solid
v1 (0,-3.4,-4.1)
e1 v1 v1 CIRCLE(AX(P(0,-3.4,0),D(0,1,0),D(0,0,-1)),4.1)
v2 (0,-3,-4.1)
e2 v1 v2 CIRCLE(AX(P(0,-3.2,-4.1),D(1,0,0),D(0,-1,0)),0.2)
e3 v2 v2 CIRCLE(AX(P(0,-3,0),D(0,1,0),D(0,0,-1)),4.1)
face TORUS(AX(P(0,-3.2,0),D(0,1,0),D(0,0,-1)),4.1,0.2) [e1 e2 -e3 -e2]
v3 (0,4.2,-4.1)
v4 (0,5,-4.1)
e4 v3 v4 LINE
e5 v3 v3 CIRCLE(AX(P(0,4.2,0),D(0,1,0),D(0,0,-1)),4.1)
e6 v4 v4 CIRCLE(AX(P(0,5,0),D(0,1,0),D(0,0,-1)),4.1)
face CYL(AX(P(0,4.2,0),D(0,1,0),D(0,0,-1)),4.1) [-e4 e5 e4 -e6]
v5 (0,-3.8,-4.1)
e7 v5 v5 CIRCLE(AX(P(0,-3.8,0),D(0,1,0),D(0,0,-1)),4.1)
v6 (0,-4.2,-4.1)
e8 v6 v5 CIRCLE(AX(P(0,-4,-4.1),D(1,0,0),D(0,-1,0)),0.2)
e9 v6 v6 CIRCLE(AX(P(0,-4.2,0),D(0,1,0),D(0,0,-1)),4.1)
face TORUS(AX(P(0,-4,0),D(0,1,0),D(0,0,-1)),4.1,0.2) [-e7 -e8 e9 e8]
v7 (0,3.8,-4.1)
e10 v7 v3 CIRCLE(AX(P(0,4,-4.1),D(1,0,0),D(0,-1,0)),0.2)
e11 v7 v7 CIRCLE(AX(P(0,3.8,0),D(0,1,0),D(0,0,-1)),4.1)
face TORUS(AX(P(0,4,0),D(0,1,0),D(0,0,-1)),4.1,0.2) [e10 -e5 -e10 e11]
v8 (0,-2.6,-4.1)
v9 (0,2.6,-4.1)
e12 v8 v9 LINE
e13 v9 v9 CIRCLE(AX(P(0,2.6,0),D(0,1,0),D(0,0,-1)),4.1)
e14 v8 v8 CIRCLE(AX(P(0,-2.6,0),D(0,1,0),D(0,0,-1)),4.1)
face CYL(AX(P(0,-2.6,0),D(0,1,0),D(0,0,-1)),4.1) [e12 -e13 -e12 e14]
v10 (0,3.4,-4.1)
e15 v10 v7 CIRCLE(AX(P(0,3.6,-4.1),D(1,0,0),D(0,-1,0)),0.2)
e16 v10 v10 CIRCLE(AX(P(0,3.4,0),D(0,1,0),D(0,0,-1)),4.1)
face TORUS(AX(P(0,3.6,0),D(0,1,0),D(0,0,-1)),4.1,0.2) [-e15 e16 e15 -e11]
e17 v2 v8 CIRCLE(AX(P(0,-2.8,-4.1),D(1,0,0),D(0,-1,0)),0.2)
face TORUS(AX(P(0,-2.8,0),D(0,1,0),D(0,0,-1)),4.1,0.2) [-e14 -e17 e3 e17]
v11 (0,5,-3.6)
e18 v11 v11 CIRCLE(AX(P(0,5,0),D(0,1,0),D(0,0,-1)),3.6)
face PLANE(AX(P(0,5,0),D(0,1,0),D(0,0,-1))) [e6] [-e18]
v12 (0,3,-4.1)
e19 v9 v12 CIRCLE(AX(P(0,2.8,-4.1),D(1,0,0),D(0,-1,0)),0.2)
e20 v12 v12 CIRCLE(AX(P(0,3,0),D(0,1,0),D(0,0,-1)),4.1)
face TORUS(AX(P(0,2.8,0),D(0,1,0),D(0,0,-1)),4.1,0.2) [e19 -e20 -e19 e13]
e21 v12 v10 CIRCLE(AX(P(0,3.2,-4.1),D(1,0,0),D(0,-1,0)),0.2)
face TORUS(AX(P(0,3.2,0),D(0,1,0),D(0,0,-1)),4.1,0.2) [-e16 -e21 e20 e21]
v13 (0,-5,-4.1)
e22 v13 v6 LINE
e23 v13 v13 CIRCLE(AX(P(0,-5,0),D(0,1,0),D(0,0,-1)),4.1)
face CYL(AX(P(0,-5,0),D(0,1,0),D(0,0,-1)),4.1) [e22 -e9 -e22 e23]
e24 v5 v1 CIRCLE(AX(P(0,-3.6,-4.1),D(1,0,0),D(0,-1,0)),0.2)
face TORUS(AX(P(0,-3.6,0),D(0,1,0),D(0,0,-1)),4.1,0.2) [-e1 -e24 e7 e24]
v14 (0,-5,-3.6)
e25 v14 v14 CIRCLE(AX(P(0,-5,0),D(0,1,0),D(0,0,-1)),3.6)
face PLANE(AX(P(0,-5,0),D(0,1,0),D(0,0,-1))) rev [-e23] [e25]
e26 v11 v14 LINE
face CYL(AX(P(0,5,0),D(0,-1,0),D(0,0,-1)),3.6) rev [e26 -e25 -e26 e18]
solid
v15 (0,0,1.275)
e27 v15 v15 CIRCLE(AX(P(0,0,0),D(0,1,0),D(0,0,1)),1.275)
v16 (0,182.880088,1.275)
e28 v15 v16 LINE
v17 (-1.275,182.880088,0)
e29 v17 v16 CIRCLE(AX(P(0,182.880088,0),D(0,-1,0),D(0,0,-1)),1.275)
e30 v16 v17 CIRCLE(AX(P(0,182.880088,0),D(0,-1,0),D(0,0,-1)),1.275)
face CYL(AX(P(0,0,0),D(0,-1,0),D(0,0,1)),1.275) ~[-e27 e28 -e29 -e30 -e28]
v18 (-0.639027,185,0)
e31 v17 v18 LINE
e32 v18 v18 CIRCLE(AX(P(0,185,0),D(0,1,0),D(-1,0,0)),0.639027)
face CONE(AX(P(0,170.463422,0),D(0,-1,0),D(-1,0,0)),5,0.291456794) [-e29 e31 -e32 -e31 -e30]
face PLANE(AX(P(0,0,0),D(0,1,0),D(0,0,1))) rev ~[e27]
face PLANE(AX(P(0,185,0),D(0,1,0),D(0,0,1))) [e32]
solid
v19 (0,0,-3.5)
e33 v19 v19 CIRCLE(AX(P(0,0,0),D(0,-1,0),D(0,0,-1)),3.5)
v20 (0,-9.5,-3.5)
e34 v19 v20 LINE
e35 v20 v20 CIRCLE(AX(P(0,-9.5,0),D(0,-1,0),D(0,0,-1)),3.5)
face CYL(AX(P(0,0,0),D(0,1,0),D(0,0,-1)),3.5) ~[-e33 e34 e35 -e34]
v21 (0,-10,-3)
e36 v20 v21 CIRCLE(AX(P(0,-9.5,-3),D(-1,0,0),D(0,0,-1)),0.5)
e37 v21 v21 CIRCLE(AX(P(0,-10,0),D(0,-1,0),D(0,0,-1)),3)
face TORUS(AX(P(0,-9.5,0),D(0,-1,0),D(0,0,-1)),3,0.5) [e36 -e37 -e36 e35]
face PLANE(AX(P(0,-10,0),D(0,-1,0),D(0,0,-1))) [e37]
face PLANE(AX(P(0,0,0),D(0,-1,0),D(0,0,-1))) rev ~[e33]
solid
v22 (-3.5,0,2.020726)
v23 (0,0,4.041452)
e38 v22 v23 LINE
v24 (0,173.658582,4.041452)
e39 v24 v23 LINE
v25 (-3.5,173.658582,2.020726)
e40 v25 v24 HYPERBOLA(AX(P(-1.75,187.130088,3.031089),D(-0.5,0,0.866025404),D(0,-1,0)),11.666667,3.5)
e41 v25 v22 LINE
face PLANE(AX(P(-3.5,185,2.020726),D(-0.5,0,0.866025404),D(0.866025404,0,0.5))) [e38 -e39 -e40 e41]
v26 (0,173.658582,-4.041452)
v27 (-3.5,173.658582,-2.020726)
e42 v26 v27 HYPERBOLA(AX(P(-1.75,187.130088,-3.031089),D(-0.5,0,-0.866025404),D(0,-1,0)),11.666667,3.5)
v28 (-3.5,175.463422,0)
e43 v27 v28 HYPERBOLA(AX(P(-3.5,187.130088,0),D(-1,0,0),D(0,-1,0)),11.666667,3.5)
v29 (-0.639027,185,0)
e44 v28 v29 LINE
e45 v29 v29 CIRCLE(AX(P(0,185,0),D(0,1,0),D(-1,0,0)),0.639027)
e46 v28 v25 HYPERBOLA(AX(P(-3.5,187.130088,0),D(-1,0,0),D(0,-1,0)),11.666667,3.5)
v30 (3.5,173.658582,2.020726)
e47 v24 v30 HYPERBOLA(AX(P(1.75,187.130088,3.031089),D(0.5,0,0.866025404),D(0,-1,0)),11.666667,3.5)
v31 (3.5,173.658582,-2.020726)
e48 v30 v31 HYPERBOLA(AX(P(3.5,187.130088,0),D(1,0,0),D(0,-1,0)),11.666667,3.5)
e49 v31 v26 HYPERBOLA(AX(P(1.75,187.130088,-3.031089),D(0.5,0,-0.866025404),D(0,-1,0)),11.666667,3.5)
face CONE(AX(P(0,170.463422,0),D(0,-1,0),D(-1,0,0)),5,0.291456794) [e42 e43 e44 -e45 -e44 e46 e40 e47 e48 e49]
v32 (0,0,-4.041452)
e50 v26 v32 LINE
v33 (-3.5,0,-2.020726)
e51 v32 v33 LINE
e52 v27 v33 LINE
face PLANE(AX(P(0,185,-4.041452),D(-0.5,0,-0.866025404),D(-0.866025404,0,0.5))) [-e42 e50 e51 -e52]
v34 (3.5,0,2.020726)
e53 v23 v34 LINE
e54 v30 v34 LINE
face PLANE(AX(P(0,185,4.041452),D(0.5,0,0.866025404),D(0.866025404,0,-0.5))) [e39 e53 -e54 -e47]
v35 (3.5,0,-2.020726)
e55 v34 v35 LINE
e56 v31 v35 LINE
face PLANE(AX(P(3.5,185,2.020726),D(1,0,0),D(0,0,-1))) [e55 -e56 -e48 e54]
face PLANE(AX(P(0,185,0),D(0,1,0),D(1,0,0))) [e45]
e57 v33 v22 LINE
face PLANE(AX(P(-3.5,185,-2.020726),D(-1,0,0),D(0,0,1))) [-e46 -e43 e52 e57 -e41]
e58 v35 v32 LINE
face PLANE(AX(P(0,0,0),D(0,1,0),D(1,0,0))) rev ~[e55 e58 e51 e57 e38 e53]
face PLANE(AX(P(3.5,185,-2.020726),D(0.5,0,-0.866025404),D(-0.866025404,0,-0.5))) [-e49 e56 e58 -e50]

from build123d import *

# Parameters (mm, degrees)
SKETCH4_R           = 1.275
BOSS_EXTRUDE2_DEPTH = 185
BOSS_EXTRUDE3_DEPTH = 185
SKETCH11_R          = 3.5
BOSS_EXTRUDE4_DEPTH = 10
FILLET1_R           = 0.5


with BuildPart() as part:
    # Sketch4 → Boss-Extrude2 (new body)
    with BuildSketch(Plane(origin=(0, 0, 0), x_dir=(1, 0, 0), z_dir=(0, 1, 0))):
        with Locations(Location((0, 0, 0), (0, 0, 270))):
            Circle(SKETCH4_R)
    extrude(amount=BOSS_EXTRUDE2_DEPTH)


with BuildPart() as body_2:
    # Sketch5 → Boss-Extrude3 (new body)
    with BuildSketch(Plane(origin=(0, 185, 0), x_dir=(1, 0, 0), z_dir=(0, 1, 0))):
        Polygon((0, 4.041451884), (-3.5, 2.020725942), (-3.5, -2.020725942), (0, -4.041451884), (3.5, -2.020725942), (3.5, 2.020725942), align=None)
    extrude(amount=-BOSS_EXTRUDE3_DEPTH)


with BuildPart() as body_3:
    # Sketch11 → Boss-Extrude4 (new body)
    with BuildSketch(Plane.XZ):
        with Locations(Location((0, 0, 0), (0, 0, 270))):
            Circle(SKETCH11_R)
    extrude(amount=BOSS_EXTRUDE4_DEPTH)

    # Fillet1
    fillet1_edges = [body_3.edges().sort_by_distance(p)[0] for p in [
        (0, -10, 3.5),
    ]]
    fillet(fillet1_edges, radius=FILLET1_R)


with BuildPart() as body_4:
    # Sketch15 → Revolve1 (revolve)
    with BuildSketch(Plane.XY, mode=Mode.PRIVATE) as revolve1_sk:
        with BuildLine():
            Line((-4.1, -5), (-4.1, -4.2))
            ThreePointArc((-4.1, -4.2), (-4.3, -4), (-4.1, -3.8))
            ThreePointArc((-4.1, -3.8), (-4.3, -3.6), (-4.1, -3.4))
            ThreePointArc((-4.1, -3.4), (-4.3, -3.2), (-4.1, -3))
            ThreePointArc((-4.1, -3), (-4.3, -2.8), (-4.1, -2.6))
            Line((-4.1, -2.6), (-4.1, 2.6))
            ThreePointArc((-4.1, 2.6), (-4.3, 2.8), (-4.1, 3))
            ThreePointArc((-4.1, 3), (-4.3, 3.2), (-4.1, 3.4))
            ThreePointArc((-4.1, 3.4), (-4.3, 3.6), (-4.1, 3.8))
            ThreePointArc((-4.1, 3.8), (-4.3, 4), (-4.1, 4.2))
            Line((-4.1, 4.2), (-4.1, 5))
            Line((-4.1, 5), (-3.6, 5))
            Line((-3.6, 5), (-3.6, -5))
            Line((-3.6, -5), (-4.1, -5))
        make_face()
    revolve(revolve1_sk.sketch.rotate(Axis((0, -9.916969994, 0), (0, 1, 0)), 270), axis=Axis((0, -9.916969994, 0), (0, 1, 0)))


with BuildPart() as cut_revolve1_tool:
    # Sketch17 → Cut-Revolve1 (revolve)
    with BuildSketch(Plane.XY):
        Polygon((-0.5, 185.463421796), (-5, 185.463421796), (-5, 170.463421796), align=None)
    revolve(axis=Axis((0, 0, 0), (0, 1, 0)))


with BuildPart() as part_1:
    add(part.part)

    # Cut-Revolve1: cut by cut_revolve1_tool
    add(cut_revolve1_tool.part, mode=Mode.SUBTRACT)


with BuildPart() as body_2_1:
    add(body_2.part)

    # Cut-Revolve1: cut by cut_revolve1_tool
    add(cut_revolve1_tool.part, mode=Mode.SUBTRACT)


solid = Compound([body_3.part, body_4.part, part_1.part, body_2_1.part])
